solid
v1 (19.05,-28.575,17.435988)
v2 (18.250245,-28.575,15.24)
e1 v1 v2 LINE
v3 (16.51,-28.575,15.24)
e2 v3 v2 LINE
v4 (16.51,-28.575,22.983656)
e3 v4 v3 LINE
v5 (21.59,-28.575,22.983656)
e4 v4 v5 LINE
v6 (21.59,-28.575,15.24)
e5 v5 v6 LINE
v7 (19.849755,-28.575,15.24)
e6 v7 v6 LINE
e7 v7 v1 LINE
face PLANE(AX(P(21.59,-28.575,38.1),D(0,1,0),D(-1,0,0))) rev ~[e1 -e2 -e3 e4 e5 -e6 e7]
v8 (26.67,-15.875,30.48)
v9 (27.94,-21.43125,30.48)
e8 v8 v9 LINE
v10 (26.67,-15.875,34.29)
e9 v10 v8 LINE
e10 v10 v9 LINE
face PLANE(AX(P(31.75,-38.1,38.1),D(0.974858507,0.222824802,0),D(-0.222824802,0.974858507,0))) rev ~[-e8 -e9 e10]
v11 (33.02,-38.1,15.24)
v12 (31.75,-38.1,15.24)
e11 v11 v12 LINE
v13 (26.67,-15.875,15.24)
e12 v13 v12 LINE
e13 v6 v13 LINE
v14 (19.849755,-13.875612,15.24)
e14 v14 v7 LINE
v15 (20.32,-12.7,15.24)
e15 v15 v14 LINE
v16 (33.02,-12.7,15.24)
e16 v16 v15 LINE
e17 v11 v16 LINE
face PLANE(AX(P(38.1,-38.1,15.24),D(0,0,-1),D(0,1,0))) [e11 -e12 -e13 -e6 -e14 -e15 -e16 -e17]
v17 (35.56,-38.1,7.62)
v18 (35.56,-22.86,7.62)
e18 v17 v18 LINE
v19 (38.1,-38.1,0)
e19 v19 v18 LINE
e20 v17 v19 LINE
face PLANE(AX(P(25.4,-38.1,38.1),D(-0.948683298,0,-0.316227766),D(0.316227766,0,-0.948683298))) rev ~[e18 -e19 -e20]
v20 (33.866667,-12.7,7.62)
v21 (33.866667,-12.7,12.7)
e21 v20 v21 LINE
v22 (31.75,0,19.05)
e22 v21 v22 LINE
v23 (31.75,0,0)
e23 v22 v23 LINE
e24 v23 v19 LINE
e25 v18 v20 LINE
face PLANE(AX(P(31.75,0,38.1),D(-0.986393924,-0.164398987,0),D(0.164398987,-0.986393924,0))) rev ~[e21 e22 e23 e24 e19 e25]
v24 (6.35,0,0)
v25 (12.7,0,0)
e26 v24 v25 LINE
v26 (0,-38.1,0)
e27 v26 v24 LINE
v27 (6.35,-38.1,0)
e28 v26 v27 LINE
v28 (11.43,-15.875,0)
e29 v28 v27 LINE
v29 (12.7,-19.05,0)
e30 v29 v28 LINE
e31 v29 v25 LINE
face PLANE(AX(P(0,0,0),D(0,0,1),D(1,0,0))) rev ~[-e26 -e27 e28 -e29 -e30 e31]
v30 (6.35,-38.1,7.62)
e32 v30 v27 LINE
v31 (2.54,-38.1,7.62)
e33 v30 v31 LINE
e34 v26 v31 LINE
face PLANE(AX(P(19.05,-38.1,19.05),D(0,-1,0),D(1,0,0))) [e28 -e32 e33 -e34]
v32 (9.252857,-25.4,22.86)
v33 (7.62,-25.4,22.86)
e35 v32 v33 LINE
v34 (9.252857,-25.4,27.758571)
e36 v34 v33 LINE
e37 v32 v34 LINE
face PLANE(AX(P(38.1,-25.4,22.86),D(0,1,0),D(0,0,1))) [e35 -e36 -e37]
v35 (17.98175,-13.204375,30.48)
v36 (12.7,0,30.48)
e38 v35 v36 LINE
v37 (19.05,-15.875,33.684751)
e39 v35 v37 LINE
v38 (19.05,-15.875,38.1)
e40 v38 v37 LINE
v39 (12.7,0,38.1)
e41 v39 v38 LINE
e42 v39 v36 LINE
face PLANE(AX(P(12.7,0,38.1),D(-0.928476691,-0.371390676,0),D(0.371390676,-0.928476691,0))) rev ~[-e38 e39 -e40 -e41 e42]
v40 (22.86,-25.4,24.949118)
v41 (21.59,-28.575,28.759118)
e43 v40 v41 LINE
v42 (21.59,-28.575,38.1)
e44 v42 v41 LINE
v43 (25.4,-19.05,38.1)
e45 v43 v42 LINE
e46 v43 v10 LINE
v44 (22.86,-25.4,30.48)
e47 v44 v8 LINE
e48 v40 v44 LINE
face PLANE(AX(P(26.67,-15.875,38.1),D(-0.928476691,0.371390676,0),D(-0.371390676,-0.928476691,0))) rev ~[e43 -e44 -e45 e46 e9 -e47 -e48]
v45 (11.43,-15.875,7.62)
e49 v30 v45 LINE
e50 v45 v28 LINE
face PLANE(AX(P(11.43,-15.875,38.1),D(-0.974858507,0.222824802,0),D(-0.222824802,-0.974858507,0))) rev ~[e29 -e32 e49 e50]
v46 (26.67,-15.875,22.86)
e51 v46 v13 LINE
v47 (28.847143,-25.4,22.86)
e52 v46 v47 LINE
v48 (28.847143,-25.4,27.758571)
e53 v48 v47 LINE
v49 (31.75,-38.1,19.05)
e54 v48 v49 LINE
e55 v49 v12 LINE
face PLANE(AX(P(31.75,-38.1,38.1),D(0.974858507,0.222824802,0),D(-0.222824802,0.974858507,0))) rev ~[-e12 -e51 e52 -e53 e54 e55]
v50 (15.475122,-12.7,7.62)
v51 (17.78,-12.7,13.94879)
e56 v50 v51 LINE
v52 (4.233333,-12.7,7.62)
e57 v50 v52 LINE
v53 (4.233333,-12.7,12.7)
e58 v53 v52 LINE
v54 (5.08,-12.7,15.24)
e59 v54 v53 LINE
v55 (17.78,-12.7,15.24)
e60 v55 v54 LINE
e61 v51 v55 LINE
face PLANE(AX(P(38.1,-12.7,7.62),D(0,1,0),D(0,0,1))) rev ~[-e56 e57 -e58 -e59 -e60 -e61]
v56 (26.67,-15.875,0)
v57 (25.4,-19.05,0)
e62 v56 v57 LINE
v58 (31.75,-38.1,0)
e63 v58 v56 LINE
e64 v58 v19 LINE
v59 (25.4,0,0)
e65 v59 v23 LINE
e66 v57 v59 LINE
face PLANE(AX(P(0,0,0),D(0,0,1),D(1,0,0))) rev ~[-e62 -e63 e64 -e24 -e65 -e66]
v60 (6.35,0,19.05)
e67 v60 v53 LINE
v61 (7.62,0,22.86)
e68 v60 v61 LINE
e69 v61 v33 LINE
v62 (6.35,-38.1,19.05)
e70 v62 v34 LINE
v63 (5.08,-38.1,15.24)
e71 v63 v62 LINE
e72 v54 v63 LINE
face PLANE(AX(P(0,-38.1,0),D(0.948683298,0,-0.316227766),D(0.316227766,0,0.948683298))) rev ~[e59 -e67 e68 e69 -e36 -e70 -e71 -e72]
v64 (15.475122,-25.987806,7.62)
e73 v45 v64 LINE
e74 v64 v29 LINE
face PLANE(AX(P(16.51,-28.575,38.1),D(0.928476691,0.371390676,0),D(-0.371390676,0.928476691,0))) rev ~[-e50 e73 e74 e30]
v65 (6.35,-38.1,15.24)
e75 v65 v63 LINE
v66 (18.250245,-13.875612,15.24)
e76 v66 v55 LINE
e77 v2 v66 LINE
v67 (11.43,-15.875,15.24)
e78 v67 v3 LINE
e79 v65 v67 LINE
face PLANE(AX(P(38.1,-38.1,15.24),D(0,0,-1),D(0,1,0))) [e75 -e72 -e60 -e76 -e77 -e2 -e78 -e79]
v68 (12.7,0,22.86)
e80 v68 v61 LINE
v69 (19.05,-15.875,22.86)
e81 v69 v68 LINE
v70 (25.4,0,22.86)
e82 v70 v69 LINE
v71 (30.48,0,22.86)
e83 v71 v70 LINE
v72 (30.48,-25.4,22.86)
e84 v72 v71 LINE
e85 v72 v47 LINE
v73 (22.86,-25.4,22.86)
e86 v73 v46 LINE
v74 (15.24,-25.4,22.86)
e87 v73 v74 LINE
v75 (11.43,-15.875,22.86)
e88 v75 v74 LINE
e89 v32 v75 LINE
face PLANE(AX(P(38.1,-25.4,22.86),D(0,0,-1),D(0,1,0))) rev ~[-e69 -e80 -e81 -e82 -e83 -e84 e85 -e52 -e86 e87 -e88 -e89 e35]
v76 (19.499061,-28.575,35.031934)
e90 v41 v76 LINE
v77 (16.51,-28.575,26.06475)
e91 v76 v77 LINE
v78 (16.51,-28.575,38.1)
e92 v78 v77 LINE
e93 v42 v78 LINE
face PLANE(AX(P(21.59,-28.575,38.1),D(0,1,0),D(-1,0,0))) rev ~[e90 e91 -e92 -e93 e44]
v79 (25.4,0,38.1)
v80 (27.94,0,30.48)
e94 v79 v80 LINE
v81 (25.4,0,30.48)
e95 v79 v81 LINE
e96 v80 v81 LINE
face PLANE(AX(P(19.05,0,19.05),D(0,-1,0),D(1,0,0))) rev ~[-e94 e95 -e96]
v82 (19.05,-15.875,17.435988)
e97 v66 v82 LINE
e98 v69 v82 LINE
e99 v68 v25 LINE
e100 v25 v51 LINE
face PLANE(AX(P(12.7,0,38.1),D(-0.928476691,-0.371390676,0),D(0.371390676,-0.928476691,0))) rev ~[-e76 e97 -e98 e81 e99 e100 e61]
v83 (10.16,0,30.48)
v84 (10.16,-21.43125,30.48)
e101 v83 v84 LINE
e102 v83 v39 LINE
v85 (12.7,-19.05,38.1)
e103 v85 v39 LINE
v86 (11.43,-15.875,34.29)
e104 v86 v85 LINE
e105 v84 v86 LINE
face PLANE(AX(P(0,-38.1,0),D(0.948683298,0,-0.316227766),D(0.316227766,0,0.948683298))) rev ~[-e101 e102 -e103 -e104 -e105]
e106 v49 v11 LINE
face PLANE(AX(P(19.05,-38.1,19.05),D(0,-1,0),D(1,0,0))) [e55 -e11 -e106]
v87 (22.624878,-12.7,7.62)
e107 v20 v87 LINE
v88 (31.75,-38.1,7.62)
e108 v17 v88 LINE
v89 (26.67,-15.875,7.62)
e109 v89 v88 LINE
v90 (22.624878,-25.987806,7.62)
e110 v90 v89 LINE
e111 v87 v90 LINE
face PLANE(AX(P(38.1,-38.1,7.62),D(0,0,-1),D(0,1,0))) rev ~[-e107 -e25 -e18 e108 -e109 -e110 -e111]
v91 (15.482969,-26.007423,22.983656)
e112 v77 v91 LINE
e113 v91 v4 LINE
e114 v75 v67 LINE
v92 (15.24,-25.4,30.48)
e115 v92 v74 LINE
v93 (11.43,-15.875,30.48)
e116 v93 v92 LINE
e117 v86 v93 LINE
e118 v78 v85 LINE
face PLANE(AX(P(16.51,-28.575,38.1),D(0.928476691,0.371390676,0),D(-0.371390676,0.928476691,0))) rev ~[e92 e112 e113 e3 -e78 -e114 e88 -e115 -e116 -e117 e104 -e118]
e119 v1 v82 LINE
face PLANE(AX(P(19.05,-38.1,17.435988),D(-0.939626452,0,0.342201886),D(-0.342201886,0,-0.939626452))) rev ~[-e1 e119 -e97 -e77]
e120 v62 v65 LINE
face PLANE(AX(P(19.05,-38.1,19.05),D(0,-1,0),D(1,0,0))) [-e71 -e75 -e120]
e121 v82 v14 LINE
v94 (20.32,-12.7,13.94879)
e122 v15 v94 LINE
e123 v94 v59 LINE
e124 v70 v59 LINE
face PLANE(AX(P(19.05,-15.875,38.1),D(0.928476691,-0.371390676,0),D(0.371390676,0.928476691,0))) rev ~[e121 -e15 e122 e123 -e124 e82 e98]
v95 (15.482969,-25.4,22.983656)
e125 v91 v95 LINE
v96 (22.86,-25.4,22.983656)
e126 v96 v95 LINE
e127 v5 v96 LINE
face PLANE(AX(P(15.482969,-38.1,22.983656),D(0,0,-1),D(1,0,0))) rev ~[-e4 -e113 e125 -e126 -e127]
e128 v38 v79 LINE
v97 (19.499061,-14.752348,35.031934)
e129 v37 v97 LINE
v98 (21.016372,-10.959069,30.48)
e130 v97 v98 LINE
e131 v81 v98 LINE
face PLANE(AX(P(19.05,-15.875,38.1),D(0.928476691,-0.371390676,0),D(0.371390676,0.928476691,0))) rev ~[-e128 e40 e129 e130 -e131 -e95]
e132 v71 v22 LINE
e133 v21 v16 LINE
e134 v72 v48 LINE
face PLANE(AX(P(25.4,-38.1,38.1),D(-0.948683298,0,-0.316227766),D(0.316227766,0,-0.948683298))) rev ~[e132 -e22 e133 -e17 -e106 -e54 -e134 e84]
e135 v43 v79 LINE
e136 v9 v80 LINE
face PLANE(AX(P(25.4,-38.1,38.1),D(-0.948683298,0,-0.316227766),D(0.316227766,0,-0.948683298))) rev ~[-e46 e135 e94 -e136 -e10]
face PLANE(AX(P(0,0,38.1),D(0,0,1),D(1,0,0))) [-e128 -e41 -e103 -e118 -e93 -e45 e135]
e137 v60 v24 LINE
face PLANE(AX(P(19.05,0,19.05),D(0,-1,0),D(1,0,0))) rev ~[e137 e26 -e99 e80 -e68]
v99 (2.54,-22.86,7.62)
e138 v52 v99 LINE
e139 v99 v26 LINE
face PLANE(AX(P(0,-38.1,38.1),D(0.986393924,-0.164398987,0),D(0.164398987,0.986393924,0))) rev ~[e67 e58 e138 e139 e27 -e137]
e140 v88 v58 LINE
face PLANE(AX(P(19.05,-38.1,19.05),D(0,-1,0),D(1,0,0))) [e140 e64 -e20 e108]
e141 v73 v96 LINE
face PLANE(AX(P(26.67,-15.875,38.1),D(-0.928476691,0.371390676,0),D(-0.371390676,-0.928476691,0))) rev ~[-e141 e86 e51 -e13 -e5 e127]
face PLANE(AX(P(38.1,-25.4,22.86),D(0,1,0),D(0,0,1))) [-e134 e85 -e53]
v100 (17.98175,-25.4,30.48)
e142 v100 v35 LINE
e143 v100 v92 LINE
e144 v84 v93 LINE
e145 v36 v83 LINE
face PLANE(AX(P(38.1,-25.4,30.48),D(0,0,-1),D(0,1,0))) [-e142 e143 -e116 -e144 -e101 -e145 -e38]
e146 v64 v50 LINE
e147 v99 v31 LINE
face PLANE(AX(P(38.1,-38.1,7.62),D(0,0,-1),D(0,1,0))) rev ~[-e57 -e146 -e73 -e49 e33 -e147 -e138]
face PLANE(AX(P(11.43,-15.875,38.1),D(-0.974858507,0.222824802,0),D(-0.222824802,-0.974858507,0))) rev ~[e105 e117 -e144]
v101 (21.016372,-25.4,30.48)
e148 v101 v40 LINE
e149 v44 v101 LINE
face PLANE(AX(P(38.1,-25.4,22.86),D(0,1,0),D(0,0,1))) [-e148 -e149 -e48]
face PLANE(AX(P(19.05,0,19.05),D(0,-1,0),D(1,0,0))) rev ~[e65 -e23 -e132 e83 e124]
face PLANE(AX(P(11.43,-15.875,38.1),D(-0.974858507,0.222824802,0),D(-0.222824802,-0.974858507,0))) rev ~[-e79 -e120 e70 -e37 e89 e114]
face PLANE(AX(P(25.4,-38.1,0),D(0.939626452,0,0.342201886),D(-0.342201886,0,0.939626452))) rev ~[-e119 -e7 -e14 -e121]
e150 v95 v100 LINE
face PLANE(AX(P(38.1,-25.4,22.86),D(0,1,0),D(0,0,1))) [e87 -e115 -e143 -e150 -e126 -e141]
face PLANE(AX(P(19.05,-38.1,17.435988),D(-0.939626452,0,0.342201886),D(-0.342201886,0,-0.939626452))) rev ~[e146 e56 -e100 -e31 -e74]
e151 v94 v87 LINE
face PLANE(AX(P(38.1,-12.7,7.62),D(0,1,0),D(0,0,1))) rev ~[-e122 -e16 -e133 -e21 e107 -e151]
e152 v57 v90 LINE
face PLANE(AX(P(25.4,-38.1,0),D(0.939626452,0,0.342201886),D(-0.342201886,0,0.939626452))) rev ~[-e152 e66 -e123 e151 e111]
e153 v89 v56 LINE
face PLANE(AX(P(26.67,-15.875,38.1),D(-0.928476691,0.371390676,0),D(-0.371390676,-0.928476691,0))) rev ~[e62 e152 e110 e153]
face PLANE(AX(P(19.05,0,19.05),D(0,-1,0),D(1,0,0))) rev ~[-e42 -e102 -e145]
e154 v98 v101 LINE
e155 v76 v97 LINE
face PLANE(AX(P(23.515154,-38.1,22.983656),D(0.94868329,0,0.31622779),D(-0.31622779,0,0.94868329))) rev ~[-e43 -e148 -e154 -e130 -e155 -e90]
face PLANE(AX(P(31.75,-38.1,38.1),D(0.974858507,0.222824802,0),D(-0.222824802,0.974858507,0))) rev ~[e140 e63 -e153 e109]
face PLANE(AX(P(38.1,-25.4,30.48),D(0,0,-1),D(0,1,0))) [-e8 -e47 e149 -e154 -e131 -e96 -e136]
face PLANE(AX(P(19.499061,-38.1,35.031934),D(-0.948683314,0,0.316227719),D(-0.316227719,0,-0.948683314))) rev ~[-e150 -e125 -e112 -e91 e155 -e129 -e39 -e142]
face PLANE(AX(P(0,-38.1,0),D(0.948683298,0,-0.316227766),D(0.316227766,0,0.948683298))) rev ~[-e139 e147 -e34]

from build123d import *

# Parameters (mm, degrees)
F0_W      = 38.1
F0_H      = 38.1
F1_DEPTH  = 38.1
F5_W      = 25.4
F5_H      = 7.62
F6_DEPTH  = 38.1
F8_DEPTH  = 38.1
F10_DEPTH = 38.1


with BuildPart() as f1:
    # F0 (on Front) → F1 (new body)
    with BuildSketch(Plane.XZ):
        with Locations((19.05, 19.05)):
            Rectangle(F0_W, F0_H)
    extrude(amount=F1_DEPTH)

    # F5 (on offset) → F6 (cut)
    with BuildSketch(Plane.YZ.offset(38.1)):
        with Locations((-12.7, 26.67)):
            Rectangle(F5_W, F5_H)
        with Locations((-25.4, 11.43)):
            Rectangle(F5_W, F5_H)
    extrude(amount=-F6_DEPTH, mode=Mode.SUBTRACT)

    # F7 (on offset) → F8 (cut)
    with BuildSketch(Plane.XZ.offset(38.1)):
        Polygon((0, 38.1), (0, 0), (12.7, 38.1), align=None)
        Polygon((19.05, 17.435988), (12.7, 0), (25.4, 0), align=None)
        Polygon((23.515154, 22.983656), (19.499061, 35.031934), (15.482969, 22.983656), align=None)
        Polygon((38.1, 38.1), (25.4, 38.1), (38.1, 0), align=None)
    extrude(amount=-F8_DEPTH, mode=Mode.SUBTRACT)

    # F9 (on offset) → F10 (cut)
    with BuildSketch(Plane.XY.offset(38.1)):
        Polygon((6.35, 0), (0, 0), (0, -38.1), align=None)
        Polygon((11.43, -15.875), (6.35, -38.1), (31.75, -38.1), (26.67, -15.875), (21.59, -28.575), (16.51, -28.575), align=None)
        Polygon((25.4, 0), (12.7, 0), (19.05, -15.875), align=None)
        Polygon((38.1, 0), (31.75, 0), (38.1, -38.1), align=None)
    extrude(amount=-F10_DEPTH, mode=Mode.SUBTRACT)


solid = f1.part
